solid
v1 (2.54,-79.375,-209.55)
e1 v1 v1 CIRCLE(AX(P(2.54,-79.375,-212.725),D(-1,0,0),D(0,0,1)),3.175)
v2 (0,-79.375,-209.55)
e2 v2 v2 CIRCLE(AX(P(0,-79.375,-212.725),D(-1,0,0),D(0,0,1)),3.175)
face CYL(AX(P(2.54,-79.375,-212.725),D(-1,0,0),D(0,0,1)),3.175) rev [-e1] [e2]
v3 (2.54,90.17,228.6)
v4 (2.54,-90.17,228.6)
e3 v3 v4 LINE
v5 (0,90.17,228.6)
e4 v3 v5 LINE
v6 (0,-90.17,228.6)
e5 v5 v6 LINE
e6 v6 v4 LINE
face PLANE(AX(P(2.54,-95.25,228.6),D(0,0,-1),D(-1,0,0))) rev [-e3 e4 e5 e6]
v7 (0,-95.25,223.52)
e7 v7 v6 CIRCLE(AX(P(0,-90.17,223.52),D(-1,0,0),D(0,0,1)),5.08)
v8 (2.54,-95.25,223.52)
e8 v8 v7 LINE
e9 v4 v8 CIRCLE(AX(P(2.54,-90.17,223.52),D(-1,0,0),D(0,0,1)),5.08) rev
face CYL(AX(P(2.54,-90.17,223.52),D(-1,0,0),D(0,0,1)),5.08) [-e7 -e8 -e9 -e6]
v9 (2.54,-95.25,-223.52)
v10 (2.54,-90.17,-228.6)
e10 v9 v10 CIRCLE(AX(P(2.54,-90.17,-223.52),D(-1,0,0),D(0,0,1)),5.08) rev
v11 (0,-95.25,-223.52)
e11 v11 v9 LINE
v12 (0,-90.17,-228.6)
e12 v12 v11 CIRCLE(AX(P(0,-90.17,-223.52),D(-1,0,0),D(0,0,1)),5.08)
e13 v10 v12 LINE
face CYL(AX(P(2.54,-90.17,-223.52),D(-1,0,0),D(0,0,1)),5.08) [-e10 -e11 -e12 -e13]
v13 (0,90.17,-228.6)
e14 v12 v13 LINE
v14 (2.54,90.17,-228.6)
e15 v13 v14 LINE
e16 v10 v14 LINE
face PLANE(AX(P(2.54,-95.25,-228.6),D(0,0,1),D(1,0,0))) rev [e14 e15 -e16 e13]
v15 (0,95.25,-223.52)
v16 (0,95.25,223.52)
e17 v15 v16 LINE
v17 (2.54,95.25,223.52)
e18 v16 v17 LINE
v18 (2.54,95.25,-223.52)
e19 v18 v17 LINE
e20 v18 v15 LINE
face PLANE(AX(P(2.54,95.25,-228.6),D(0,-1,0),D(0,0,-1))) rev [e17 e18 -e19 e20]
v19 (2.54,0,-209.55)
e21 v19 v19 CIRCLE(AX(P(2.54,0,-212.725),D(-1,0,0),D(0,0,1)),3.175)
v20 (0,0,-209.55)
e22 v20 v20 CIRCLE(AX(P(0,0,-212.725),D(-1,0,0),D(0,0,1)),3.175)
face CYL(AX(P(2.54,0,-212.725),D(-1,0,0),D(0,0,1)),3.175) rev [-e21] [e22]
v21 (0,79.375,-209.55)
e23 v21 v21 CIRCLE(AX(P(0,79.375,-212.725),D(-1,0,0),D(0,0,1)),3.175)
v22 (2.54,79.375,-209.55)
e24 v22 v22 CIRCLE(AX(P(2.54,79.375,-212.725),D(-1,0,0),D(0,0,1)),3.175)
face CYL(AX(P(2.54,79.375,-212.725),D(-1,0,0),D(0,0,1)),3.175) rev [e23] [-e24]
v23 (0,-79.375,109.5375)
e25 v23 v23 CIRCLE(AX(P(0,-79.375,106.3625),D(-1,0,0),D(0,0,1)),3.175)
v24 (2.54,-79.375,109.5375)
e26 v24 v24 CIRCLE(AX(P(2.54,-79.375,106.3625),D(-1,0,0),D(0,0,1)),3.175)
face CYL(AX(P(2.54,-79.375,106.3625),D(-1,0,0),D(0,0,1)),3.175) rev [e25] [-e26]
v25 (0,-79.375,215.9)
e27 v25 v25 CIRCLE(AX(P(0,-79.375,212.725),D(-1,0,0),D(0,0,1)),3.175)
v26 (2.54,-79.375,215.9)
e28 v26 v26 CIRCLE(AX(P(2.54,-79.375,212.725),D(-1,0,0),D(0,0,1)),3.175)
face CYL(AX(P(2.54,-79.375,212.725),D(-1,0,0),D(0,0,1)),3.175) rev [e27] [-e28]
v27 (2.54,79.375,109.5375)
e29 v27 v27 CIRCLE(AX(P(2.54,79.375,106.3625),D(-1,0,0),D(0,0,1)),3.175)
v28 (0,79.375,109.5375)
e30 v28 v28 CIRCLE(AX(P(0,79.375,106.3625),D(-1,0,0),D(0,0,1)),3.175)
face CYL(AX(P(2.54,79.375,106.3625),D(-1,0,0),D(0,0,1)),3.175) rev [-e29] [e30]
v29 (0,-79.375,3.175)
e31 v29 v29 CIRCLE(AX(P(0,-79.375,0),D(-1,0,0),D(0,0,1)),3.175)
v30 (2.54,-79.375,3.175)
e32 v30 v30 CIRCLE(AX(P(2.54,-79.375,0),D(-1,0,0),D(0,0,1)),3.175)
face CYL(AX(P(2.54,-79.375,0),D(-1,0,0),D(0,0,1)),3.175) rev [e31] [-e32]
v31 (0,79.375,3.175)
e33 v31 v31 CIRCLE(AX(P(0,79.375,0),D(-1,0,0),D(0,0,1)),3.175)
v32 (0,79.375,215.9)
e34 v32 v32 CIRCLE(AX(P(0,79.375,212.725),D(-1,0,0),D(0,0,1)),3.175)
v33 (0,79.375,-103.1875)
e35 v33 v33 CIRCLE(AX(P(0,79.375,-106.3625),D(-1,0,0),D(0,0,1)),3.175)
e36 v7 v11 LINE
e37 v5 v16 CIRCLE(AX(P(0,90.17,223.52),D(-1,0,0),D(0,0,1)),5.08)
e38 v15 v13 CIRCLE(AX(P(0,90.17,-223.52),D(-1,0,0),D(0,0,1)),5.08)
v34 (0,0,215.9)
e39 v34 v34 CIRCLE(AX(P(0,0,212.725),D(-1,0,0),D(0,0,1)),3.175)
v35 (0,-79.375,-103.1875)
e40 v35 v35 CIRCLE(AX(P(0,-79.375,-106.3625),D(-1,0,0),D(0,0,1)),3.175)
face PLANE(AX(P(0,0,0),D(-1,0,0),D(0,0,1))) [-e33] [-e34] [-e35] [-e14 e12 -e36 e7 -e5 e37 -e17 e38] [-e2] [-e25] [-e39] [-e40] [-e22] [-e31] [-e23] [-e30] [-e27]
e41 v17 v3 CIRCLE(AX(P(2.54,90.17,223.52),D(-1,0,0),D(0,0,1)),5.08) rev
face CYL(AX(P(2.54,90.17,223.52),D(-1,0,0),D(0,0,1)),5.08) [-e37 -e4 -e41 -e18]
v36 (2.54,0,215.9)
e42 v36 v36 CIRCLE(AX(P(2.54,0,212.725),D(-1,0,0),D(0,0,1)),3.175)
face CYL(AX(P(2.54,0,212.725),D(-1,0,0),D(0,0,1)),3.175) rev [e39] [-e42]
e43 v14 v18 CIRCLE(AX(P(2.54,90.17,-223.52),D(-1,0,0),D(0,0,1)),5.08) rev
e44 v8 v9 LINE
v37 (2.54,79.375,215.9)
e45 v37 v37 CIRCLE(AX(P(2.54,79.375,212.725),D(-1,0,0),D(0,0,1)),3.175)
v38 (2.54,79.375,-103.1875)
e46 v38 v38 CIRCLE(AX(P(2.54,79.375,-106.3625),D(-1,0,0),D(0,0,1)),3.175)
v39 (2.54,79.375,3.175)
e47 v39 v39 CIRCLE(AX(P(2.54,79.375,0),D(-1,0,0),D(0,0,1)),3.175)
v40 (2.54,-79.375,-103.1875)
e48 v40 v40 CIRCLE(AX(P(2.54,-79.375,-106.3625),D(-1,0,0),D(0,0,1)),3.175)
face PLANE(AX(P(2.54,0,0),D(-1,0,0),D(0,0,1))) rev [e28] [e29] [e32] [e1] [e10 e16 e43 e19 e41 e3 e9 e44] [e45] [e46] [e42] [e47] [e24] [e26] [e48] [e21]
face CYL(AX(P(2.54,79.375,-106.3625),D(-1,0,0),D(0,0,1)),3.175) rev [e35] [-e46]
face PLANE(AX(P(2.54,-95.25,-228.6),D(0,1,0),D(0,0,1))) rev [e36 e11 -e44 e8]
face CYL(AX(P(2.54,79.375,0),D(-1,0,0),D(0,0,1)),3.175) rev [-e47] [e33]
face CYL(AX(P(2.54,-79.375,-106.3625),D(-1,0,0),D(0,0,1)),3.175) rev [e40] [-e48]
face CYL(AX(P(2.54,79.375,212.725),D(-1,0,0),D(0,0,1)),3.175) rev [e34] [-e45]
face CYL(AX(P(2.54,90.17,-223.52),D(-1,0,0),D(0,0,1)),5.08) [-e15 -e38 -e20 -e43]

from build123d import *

# Parameters (mm, degrees)
SKETCH1_W               = 190.5
SKETCH1_H               = 457.2
BOSS_EXTRUDE1_DEPTH     = 2.54
FILLET1_R               = 5.08
CUT_EXTRUDE1_DEPTH      = 248.663025298
CUT_EXTRUDE1_DEPTH_BACK = 248.663025298
SKETCH2_R               = 3.175


with BuildPart() as part:
    # Sketch1 → Boss-Extrude1 (new body)
    with BuildSketch(Plane.YZ):
        Rectangle(SKETCH1_W, SKETCH1_H)
    extrude(amount=BOSS_EXTRUDE1_DEPTH)

    # Fillet1
    fillet1_edges = [part.edges().sort_by_distance(p)[0] for p in [
        (1.27, 95.25, -228.6),
        (1.27, -95.25, -228.6),
        (1.27, -95.25, 228.6),
        (1.27, 95.25, 228.6),
    ]]
    fillet(fillet1_edges, radius=FILLET1_R)

    # Sketch2 → Cut-Extrude1 (cut, two sides: drawn at the far end of the back side and taken through both)
    with BuildSketch(Plane.ZY.offset(-CUT_EXTRUDE1_DEPTH_BACK)):
        with Locations((-257.175, 0)):
            Circle(SKETCH2_R)
        with Locations((-106.3625, -79.375)):
            Circle(SKETCH2_R)
        with Locations((0, -79.375)):
            Circle(SKETCH2_R)
        with Locations((106.3625, -79.375)):
            Circle(SKETCH2_R)
        with Locations((212.725, -79.375)):
            Circle(SKETCH2_R)
        with Locations((212.725, 79.375)):
            Circle(SKETCH2_R)
        with Locations((212.725, 0)):
            Circle(SKETCH2_R)
        with Locations((-257.175, -79.375)):
            Circle(SKETCH2_R)
        with Locations((-363.5375, -79.375)):
            Circle(SKETCH2_R)
        with Locations((-257.175, 79.375)):
            Circle(SKETCH2_R)
        with Locations((-106.3625, 79.375)):
            Circle(SKETCH2_R)
        with Locations((-212.725, 79.375)):
            Circle(SKETCH2_R)
        with Locations((-212.725, 0)):
            Circle(SKETCH2_R)
        with Locations((-212.725, -79.375)):
            Circle(SKETCH2_R)
        with Locations((-576.2625, -79.375)):
            Circle(SKETCH2_R)
        with Locations((-469.9, -79.375)):
            Circle(SKETCH2_R)
        with Locations((106.3625, 79.375)):
            Circle(SKETCH2_R)
        with Locations((0, 79.375)):
            Circle(SKETCH2_R)
        with Locations((-682.625, 79.375)):
            Circle(SKETCH2_R)
        with Locations((-576.2625, 79.375)):
            Circle(SKETCH2_R)
        with Locations((-682.625, -79.375)):
            Circle(SKETCH2_R)
        with Locations((-469.9, 79.375)):
            Circle(SKETCH2_R)
        with Locations((-682.625, 0)):
            Circle(SKETCH2_R)
        with Locations((-363.5375, 79.375)):
            Circle(SKETCH2_R)
        with Locations((-831.85, -79.375)):
            Circle(SKETCH2_R)
        with Locations((-831.85, 79.375)):
            Circle(SKETCH2_R)
        with Locations((-727.075, 79.375)):
            Circle(SKETCH2_R)
        with Locations((-727.075, -79.375)):
            Circle(SKETCH2_R)
        with Locations((-936.625, 0)):
            Circle(SKETCH2_R)
        with Locations((-727.075, 0)):
            Circle(SKETCH2_R)
        with Locations((-936.625, 79.375)):
            Circle(SKETCH2_R)
        with Locations((-936.625, -79.375)):
            Circle(SKETCH2_R)
    extrude(amount=CUT_EXTRUDE1_DEPTH + CUT_EXTRUDE1_DEPTH_BACK, mode=Mode.SUBTRACT)


solid = part.part
